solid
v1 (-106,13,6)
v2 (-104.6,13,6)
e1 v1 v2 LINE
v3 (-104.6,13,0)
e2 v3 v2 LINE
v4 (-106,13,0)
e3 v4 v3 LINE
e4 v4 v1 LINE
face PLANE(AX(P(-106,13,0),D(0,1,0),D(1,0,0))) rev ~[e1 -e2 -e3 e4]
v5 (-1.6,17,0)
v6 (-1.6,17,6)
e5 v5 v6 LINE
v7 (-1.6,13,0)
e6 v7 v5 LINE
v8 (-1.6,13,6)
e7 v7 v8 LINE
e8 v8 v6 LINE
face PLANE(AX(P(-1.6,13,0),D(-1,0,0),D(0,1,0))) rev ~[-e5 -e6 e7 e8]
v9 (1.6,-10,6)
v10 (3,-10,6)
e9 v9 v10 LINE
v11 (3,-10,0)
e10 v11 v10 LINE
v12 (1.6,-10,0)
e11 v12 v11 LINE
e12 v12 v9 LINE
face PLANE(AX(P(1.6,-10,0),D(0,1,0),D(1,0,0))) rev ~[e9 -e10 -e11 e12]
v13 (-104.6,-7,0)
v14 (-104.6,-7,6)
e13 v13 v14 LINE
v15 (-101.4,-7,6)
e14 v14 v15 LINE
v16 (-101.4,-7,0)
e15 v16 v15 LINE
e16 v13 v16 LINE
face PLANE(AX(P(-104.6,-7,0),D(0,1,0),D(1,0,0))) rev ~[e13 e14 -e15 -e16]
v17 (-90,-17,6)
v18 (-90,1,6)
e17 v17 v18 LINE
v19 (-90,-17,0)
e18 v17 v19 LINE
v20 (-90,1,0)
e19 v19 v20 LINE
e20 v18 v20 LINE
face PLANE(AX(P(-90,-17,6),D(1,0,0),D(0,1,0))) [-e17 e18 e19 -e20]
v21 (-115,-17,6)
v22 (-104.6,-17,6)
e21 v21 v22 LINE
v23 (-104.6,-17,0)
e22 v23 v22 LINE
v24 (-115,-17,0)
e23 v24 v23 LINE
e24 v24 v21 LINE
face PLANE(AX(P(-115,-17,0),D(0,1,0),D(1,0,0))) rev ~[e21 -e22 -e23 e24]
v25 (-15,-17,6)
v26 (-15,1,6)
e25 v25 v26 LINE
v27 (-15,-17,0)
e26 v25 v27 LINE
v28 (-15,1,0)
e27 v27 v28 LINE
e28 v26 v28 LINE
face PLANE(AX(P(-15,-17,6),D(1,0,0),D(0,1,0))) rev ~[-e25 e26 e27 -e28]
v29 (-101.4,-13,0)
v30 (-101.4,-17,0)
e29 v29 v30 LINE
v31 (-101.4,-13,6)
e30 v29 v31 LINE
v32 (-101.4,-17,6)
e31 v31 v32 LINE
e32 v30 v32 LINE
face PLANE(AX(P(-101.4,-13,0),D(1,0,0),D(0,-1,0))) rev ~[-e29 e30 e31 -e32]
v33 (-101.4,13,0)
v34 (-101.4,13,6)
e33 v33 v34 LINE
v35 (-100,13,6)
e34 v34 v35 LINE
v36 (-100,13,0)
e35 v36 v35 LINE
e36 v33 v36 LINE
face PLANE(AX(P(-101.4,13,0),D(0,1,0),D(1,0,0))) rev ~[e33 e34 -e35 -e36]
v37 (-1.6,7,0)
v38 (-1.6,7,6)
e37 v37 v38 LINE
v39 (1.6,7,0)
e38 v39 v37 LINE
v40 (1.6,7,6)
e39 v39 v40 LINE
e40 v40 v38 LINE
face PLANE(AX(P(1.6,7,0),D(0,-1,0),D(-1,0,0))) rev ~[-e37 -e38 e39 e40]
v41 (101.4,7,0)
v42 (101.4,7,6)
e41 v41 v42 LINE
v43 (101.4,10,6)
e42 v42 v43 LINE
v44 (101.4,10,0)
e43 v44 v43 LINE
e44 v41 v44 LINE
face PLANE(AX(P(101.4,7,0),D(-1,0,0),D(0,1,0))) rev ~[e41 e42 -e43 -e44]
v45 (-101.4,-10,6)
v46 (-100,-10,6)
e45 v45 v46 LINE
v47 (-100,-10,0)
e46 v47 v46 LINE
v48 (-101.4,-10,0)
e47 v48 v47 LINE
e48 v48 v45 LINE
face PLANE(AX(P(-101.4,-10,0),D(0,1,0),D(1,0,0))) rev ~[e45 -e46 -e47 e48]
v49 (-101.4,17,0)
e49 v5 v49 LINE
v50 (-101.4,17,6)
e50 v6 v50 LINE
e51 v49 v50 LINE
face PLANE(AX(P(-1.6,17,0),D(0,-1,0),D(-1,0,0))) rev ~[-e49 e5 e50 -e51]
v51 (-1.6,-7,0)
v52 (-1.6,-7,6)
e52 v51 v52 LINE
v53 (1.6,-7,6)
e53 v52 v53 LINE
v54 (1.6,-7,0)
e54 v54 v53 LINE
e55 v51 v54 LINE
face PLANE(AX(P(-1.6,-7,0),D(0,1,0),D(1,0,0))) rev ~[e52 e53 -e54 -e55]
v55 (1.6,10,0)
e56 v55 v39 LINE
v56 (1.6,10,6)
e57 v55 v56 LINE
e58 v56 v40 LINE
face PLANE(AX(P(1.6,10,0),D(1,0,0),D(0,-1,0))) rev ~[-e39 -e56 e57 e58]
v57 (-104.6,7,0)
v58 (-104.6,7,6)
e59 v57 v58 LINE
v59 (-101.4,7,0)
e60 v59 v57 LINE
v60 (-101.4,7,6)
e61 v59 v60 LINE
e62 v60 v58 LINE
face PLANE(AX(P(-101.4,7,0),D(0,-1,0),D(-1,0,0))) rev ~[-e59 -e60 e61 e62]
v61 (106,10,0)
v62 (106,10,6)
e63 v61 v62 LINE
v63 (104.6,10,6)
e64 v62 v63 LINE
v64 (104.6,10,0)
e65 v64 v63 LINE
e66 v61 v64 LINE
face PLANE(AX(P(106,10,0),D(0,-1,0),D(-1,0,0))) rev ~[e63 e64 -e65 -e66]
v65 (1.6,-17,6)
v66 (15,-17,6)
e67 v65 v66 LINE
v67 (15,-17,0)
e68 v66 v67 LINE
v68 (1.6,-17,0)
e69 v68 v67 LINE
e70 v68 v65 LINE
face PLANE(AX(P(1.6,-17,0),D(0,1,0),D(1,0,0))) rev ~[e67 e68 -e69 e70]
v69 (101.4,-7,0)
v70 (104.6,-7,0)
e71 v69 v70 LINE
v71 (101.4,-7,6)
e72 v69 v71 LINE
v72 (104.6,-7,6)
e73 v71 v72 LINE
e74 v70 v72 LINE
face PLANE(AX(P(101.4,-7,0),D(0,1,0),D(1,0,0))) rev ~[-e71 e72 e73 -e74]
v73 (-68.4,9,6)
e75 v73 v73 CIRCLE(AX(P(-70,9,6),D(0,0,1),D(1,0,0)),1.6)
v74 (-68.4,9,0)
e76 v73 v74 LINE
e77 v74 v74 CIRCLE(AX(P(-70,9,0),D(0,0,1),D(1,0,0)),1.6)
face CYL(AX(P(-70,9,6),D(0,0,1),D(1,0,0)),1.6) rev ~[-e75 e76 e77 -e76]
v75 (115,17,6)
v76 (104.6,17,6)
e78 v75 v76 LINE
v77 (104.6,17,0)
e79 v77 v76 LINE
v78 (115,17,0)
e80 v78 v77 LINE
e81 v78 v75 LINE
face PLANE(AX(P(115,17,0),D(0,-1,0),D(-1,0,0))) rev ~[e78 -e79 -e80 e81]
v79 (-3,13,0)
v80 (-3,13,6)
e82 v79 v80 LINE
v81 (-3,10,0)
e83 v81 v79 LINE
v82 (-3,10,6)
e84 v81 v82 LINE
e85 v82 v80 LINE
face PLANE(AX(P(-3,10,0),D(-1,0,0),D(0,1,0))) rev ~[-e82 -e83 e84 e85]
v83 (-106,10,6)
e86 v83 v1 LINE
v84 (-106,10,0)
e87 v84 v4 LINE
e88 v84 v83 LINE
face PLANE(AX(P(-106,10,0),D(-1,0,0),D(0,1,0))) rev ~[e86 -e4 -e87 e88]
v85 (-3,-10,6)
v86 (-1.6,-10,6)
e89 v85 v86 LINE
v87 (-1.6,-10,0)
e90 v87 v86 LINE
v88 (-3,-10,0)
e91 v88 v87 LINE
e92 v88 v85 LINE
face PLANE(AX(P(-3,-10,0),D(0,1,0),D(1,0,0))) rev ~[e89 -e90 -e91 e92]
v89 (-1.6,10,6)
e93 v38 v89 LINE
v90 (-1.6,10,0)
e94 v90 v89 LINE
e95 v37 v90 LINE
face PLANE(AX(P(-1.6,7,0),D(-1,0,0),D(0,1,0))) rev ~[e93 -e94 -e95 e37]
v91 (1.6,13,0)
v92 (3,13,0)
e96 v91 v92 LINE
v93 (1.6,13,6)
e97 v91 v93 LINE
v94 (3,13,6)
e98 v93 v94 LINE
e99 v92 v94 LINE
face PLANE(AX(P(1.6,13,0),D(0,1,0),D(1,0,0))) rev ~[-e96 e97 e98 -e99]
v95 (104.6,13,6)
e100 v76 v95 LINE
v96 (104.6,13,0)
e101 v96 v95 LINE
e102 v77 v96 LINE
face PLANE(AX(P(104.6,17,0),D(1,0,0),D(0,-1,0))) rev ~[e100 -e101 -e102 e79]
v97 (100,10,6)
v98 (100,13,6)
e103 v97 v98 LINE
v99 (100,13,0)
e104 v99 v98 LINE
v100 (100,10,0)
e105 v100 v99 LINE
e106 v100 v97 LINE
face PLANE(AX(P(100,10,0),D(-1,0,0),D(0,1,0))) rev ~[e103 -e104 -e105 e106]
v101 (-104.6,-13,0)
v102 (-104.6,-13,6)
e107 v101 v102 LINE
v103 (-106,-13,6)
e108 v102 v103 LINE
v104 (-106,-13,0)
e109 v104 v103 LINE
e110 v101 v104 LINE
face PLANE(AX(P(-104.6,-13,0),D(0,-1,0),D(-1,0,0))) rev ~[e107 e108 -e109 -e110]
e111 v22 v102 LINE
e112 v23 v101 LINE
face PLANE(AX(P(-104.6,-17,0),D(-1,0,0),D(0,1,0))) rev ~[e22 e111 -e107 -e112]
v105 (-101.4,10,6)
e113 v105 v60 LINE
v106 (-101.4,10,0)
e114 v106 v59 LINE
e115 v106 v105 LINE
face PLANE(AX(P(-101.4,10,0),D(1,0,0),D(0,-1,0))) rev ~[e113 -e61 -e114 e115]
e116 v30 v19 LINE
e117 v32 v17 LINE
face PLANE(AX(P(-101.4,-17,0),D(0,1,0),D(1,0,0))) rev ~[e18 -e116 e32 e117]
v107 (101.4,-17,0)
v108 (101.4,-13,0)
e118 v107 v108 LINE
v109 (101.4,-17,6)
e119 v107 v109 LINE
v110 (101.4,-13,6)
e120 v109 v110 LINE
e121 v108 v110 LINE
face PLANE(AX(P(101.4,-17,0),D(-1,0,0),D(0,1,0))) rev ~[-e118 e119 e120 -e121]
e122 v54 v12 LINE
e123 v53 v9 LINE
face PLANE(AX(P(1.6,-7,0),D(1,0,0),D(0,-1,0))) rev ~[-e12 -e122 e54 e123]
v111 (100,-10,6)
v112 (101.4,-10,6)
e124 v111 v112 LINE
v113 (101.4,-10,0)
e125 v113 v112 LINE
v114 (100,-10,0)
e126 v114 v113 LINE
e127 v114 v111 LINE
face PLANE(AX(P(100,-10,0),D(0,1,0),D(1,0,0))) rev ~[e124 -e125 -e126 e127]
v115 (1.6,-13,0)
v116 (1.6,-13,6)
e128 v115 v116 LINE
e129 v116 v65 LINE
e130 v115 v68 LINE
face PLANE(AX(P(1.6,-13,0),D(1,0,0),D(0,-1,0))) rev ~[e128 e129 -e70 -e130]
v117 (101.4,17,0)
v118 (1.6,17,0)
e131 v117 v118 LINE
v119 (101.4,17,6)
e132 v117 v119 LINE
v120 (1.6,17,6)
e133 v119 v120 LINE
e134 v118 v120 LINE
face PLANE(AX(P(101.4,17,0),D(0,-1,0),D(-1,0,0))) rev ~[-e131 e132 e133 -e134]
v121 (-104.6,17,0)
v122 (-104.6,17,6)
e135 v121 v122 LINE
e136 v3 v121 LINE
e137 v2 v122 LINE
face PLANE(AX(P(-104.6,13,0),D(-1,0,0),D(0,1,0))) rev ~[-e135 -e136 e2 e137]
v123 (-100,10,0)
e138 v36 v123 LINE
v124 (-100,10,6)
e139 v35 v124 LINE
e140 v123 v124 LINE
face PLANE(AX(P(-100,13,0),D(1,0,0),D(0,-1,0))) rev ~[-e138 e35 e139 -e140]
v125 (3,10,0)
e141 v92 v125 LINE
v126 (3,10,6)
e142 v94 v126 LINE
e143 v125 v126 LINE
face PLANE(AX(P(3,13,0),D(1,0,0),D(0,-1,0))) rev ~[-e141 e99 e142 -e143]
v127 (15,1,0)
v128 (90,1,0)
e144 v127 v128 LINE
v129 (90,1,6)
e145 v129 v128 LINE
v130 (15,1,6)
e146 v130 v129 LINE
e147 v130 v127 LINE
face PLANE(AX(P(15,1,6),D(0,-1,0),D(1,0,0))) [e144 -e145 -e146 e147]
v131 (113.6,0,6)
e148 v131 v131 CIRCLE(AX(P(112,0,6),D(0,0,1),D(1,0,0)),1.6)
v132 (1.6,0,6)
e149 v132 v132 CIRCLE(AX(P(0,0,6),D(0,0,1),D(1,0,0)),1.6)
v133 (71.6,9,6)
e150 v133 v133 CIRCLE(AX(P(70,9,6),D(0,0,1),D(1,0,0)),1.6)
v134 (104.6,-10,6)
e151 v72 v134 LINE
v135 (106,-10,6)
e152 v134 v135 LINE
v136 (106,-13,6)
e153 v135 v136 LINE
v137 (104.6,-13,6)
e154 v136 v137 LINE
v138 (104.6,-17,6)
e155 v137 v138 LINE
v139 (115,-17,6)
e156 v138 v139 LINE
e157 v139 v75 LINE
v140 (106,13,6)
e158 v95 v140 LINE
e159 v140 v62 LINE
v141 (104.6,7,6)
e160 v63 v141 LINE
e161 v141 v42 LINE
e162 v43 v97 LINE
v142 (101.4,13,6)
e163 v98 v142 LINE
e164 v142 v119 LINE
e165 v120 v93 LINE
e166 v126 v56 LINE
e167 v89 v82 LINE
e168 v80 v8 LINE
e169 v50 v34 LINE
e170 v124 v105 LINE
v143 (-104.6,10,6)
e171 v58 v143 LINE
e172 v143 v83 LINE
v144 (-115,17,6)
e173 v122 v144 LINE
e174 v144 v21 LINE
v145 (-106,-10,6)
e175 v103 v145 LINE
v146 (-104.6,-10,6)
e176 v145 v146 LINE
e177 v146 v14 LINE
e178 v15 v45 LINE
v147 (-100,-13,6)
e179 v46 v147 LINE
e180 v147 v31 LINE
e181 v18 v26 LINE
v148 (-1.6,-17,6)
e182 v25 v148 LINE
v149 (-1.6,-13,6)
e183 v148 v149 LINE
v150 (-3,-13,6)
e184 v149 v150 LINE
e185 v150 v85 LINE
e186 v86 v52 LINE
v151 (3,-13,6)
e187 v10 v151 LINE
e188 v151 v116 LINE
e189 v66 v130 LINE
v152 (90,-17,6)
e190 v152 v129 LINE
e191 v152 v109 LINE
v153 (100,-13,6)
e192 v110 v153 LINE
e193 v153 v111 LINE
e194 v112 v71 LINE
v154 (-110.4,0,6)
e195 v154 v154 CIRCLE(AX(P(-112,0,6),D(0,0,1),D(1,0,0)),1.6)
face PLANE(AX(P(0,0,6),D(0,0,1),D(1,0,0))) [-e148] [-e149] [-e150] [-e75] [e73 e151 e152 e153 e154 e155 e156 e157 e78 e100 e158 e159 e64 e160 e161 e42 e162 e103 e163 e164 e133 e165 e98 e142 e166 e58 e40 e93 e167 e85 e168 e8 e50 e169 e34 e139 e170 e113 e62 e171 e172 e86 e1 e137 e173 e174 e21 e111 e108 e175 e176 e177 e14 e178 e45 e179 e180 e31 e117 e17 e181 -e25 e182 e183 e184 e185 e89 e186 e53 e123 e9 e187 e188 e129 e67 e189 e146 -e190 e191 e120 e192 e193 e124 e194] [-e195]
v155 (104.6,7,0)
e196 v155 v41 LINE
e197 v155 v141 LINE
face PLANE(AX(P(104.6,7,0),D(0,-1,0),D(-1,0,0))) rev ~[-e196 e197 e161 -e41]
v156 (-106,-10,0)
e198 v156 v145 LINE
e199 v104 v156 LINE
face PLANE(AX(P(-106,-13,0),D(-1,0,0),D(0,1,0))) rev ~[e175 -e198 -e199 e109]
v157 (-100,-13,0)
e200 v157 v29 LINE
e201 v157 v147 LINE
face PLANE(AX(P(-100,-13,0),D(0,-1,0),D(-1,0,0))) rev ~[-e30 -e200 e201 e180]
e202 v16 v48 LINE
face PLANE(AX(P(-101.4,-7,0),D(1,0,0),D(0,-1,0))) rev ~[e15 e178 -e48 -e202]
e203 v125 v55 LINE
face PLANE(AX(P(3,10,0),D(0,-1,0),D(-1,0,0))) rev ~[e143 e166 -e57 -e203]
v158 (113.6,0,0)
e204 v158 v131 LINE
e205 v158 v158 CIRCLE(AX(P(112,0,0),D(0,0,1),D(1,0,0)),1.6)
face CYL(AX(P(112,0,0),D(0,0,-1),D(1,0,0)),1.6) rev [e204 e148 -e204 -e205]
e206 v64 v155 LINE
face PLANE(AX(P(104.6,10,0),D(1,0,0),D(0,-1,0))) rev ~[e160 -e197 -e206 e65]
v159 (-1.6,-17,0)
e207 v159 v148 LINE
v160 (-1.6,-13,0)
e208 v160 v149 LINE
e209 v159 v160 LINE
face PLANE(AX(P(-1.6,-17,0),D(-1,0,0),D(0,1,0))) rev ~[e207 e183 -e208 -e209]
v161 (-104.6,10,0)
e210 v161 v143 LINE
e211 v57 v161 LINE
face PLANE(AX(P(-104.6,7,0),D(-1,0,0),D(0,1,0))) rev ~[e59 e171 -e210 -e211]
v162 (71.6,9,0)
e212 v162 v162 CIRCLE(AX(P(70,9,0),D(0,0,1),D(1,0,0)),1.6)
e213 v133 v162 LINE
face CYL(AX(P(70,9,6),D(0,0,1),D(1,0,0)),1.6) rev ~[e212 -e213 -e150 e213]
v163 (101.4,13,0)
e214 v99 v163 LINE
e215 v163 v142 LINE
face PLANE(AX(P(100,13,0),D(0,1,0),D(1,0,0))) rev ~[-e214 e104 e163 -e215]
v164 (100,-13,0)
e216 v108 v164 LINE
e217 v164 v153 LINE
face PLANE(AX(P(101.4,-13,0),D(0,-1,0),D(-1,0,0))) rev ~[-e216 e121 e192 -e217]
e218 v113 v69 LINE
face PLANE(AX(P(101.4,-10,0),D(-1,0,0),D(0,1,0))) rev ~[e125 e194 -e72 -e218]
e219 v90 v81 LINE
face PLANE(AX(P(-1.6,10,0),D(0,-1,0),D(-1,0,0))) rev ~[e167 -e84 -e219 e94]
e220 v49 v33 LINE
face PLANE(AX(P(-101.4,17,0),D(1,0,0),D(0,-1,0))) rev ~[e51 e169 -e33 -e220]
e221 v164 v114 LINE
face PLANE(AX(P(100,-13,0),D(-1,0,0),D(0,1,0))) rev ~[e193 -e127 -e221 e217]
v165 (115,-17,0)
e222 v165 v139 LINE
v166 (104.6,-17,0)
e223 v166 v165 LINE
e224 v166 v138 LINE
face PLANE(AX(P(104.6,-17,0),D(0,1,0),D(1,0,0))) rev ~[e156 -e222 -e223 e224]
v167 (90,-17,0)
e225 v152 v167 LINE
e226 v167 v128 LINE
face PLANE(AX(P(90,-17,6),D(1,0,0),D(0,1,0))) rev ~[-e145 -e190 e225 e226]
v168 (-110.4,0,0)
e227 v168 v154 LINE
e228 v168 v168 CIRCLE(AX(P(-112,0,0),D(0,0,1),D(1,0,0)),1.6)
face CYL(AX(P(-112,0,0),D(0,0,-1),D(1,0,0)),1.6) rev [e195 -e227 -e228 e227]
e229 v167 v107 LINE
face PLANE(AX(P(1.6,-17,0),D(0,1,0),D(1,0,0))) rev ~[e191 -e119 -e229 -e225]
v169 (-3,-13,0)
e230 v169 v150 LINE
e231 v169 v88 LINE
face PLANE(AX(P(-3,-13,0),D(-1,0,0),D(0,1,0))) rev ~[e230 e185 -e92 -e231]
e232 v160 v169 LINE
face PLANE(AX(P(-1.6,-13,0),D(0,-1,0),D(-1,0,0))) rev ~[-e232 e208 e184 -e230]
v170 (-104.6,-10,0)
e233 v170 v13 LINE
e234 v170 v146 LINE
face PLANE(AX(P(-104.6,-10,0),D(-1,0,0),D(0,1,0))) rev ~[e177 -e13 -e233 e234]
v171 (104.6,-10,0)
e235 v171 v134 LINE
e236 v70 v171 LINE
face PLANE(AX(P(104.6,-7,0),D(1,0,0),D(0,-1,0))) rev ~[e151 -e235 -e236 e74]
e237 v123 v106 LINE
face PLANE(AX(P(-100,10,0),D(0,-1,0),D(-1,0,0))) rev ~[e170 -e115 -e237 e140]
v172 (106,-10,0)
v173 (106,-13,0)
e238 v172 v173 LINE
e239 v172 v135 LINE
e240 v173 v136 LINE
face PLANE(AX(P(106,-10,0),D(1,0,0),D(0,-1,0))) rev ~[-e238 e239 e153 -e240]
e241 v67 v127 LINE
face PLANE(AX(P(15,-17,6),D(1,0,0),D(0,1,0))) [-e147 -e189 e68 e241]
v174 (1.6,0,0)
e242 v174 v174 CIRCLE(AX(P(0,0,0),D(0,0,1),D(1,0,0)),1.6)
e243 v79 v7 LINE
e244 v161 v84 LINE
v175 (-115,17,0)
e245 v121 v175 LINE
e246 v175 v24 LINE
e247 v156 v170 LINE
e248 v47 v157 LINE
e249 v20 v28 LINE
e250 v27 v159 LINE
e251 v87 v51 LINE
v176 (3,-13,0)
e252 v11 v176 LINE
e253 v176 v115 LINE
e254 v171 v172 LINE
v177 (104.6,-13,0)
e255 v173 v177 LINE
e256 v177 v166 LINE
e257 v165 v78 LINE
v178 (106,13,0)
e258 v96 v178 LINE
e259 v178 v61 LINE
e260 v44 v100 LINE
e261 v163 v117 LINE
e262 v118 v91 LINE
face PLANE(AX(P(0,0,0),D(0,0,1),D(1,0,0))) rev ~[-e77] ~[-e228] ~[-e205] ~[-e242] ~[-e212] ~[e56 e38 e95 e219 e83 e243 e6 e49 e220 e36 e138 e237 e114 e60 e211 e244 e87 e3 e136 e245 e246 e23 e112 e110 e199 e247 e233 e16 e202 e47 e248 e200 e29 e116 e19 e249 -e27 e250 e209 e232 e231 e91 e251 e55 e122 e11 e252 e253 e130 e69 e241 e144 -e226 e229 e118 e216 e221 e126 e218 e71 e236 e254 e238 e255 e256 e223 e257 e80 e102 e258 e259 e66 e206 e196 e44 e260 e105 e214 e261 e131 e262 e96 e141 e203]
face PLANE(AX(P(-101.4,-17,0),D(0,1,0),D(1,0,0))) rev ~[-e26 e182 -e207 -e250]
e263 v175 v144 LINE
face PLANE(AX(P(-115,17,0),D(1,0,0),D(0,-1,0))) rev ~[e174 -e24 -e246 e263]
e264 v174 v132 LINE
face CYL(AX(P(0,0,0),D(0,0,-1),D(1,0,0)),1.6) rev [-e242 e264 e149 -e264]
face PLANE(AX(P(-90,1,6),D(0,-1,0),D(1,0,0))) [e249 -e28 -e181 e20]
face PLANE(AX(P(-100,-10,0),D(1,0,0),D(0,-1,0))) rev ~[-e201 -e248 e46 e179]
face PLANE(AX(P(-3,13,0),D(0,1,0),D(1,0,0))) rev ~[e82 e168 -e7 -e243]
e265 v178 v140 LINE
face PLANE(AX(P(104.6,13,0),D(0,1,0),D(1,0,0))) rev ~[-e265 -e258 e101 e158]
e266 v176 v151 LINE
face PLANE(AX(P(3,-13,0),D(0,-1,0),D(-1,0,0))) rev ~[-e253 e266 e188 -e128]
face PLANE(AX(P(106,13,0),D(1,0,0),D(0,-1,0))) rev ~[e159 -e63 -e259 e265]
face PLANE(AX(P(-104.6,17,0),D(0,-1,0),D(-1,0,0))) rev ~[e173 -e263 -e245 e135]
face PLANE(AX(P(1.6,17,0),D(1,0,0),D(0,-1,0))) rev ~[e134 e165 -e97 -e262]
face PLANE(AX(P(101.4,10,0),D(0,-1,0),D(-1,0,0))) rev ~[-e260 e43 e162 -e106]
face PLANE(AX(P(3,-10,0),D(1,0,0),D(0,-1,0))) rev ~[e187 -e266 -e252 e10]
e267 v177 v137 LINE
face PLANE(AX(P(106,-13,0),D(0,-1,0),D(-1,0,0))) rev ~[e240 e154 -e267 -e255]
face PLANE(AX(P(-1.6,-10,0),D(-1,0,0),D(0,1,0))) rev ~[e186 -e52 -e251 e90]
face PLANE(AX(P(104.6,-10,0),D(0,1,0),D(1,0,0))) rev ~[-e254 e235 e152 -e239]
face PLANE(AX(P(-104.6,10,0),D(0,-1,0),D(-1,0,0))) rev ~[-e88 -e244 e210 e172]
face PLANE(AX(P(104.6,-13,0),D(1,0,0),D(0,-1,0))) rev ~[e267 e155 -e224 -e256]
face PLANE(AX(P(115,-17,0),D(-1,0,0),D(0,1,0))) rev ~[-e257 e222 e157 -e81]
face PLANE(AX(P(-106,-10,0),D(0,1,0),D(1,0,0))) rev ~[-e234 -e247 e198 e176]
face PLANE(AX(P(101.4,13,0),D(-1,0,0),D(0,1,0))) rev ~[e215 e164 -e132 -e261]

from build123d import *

# Parameters (mm, degrees)
ESBO_O1_R                = 1.6
RESSALTO_EXTRUS_O1_DEPTH = 6
ESBO_O2_R                = 1.6
ESBO_O2_W                = 75
ESBO_O2_H                = 18
CORTE_EXTRUS_O1_DEPTH    = 10


with BuildPart() as part:
    # Esboço1 → Ressalto-extrusão1 (new body)
    with BuildSketch(Plane.XY):
        Polygon((-115, 17), (-115, -17), (-104.6, -17), (-104.6, -13), (-106, -13), (-106, -10), (-104.6, -10), (-104.6, -7), (-101.4, -7), (-101.4, -10), (-100, -10), (-100, -13), (-101.4, -13), (-101.4, -17), (-1.6, -17), (-1.6, -13), (-3, -13), (-3, -10), (-1.6, -10), (-1.6, -7), (1.6, -7), (1.6, -10), (3, -10), (3, -13), (1.6, -13), (1.6, -17), (101.4, -17), (101.4, -13), (100, -13), (100, -10), (101.4, -10), (101.4, -7), (104.6, -7), (104.6, -10), (106, -10), (106, -13), (104.6, -13), (104.6, -17), (115, -17), (115, 17), (104.6, 17), (104.6, 13), (106, 13), (106, 10), (104.6, 10), (104.6, 7), (101.4, 7), (101.4, 10), (100, 10), (100, 13), (101.4, 13), (101.4, 17), (1.6, 17), (1.6, 13), (3, 13), (3, 10), (1.6, 10), (1.6, 7), (-1.6, 7), (-1.6, 10), (-3, 10), (-3, 13), (-1.6, 13), (-1.6, 17), (-101.4, 17), (-101.4, 13), (-100, 13), (-100, 10), (-101.4, 10), (-101.4, 7), (-104.6, 7), (-104.6, 10), (-106, 10), (-106, 13), (-104.6, 13), (-104.6, 17), align=None)
        with Locations((112, 0)):
            Circle(ESBO_O1_R, mode=Mode.SUBTRACT)
        Circle(ESBO_O1_R, mode=Mode.SUBTRACT)
        with Locations((-112, 0)):
            Circle(ESBO_O1_R, mode=Mode.SUBTRACT)
    extrude(amount=RESSALTO_EXTRUS_O1_DEPTH)

    # Esboço2 → Corte-extrusão1 (cut)
    with BuildSketch(Plane.XY.offset(6)):
        with Locations((70, 9)):
            Circle(ESBO_O2_R)
        with Locations((-70, 9)):
            Circle(ESBO_O2_R)
        with Locations((52.5, -8)):
            Rectangle(ESBO_O2_W, ESBO_O2_H)
        with Locations((-52.5, -8)):
            Rectangle(ESBO_O2_W, ESBO_O2_H)
    extrude(amount=-CORTE_EXTRUS_O1_DEPTH, mode=Mode.SUBTRACT)


solid = part.part
